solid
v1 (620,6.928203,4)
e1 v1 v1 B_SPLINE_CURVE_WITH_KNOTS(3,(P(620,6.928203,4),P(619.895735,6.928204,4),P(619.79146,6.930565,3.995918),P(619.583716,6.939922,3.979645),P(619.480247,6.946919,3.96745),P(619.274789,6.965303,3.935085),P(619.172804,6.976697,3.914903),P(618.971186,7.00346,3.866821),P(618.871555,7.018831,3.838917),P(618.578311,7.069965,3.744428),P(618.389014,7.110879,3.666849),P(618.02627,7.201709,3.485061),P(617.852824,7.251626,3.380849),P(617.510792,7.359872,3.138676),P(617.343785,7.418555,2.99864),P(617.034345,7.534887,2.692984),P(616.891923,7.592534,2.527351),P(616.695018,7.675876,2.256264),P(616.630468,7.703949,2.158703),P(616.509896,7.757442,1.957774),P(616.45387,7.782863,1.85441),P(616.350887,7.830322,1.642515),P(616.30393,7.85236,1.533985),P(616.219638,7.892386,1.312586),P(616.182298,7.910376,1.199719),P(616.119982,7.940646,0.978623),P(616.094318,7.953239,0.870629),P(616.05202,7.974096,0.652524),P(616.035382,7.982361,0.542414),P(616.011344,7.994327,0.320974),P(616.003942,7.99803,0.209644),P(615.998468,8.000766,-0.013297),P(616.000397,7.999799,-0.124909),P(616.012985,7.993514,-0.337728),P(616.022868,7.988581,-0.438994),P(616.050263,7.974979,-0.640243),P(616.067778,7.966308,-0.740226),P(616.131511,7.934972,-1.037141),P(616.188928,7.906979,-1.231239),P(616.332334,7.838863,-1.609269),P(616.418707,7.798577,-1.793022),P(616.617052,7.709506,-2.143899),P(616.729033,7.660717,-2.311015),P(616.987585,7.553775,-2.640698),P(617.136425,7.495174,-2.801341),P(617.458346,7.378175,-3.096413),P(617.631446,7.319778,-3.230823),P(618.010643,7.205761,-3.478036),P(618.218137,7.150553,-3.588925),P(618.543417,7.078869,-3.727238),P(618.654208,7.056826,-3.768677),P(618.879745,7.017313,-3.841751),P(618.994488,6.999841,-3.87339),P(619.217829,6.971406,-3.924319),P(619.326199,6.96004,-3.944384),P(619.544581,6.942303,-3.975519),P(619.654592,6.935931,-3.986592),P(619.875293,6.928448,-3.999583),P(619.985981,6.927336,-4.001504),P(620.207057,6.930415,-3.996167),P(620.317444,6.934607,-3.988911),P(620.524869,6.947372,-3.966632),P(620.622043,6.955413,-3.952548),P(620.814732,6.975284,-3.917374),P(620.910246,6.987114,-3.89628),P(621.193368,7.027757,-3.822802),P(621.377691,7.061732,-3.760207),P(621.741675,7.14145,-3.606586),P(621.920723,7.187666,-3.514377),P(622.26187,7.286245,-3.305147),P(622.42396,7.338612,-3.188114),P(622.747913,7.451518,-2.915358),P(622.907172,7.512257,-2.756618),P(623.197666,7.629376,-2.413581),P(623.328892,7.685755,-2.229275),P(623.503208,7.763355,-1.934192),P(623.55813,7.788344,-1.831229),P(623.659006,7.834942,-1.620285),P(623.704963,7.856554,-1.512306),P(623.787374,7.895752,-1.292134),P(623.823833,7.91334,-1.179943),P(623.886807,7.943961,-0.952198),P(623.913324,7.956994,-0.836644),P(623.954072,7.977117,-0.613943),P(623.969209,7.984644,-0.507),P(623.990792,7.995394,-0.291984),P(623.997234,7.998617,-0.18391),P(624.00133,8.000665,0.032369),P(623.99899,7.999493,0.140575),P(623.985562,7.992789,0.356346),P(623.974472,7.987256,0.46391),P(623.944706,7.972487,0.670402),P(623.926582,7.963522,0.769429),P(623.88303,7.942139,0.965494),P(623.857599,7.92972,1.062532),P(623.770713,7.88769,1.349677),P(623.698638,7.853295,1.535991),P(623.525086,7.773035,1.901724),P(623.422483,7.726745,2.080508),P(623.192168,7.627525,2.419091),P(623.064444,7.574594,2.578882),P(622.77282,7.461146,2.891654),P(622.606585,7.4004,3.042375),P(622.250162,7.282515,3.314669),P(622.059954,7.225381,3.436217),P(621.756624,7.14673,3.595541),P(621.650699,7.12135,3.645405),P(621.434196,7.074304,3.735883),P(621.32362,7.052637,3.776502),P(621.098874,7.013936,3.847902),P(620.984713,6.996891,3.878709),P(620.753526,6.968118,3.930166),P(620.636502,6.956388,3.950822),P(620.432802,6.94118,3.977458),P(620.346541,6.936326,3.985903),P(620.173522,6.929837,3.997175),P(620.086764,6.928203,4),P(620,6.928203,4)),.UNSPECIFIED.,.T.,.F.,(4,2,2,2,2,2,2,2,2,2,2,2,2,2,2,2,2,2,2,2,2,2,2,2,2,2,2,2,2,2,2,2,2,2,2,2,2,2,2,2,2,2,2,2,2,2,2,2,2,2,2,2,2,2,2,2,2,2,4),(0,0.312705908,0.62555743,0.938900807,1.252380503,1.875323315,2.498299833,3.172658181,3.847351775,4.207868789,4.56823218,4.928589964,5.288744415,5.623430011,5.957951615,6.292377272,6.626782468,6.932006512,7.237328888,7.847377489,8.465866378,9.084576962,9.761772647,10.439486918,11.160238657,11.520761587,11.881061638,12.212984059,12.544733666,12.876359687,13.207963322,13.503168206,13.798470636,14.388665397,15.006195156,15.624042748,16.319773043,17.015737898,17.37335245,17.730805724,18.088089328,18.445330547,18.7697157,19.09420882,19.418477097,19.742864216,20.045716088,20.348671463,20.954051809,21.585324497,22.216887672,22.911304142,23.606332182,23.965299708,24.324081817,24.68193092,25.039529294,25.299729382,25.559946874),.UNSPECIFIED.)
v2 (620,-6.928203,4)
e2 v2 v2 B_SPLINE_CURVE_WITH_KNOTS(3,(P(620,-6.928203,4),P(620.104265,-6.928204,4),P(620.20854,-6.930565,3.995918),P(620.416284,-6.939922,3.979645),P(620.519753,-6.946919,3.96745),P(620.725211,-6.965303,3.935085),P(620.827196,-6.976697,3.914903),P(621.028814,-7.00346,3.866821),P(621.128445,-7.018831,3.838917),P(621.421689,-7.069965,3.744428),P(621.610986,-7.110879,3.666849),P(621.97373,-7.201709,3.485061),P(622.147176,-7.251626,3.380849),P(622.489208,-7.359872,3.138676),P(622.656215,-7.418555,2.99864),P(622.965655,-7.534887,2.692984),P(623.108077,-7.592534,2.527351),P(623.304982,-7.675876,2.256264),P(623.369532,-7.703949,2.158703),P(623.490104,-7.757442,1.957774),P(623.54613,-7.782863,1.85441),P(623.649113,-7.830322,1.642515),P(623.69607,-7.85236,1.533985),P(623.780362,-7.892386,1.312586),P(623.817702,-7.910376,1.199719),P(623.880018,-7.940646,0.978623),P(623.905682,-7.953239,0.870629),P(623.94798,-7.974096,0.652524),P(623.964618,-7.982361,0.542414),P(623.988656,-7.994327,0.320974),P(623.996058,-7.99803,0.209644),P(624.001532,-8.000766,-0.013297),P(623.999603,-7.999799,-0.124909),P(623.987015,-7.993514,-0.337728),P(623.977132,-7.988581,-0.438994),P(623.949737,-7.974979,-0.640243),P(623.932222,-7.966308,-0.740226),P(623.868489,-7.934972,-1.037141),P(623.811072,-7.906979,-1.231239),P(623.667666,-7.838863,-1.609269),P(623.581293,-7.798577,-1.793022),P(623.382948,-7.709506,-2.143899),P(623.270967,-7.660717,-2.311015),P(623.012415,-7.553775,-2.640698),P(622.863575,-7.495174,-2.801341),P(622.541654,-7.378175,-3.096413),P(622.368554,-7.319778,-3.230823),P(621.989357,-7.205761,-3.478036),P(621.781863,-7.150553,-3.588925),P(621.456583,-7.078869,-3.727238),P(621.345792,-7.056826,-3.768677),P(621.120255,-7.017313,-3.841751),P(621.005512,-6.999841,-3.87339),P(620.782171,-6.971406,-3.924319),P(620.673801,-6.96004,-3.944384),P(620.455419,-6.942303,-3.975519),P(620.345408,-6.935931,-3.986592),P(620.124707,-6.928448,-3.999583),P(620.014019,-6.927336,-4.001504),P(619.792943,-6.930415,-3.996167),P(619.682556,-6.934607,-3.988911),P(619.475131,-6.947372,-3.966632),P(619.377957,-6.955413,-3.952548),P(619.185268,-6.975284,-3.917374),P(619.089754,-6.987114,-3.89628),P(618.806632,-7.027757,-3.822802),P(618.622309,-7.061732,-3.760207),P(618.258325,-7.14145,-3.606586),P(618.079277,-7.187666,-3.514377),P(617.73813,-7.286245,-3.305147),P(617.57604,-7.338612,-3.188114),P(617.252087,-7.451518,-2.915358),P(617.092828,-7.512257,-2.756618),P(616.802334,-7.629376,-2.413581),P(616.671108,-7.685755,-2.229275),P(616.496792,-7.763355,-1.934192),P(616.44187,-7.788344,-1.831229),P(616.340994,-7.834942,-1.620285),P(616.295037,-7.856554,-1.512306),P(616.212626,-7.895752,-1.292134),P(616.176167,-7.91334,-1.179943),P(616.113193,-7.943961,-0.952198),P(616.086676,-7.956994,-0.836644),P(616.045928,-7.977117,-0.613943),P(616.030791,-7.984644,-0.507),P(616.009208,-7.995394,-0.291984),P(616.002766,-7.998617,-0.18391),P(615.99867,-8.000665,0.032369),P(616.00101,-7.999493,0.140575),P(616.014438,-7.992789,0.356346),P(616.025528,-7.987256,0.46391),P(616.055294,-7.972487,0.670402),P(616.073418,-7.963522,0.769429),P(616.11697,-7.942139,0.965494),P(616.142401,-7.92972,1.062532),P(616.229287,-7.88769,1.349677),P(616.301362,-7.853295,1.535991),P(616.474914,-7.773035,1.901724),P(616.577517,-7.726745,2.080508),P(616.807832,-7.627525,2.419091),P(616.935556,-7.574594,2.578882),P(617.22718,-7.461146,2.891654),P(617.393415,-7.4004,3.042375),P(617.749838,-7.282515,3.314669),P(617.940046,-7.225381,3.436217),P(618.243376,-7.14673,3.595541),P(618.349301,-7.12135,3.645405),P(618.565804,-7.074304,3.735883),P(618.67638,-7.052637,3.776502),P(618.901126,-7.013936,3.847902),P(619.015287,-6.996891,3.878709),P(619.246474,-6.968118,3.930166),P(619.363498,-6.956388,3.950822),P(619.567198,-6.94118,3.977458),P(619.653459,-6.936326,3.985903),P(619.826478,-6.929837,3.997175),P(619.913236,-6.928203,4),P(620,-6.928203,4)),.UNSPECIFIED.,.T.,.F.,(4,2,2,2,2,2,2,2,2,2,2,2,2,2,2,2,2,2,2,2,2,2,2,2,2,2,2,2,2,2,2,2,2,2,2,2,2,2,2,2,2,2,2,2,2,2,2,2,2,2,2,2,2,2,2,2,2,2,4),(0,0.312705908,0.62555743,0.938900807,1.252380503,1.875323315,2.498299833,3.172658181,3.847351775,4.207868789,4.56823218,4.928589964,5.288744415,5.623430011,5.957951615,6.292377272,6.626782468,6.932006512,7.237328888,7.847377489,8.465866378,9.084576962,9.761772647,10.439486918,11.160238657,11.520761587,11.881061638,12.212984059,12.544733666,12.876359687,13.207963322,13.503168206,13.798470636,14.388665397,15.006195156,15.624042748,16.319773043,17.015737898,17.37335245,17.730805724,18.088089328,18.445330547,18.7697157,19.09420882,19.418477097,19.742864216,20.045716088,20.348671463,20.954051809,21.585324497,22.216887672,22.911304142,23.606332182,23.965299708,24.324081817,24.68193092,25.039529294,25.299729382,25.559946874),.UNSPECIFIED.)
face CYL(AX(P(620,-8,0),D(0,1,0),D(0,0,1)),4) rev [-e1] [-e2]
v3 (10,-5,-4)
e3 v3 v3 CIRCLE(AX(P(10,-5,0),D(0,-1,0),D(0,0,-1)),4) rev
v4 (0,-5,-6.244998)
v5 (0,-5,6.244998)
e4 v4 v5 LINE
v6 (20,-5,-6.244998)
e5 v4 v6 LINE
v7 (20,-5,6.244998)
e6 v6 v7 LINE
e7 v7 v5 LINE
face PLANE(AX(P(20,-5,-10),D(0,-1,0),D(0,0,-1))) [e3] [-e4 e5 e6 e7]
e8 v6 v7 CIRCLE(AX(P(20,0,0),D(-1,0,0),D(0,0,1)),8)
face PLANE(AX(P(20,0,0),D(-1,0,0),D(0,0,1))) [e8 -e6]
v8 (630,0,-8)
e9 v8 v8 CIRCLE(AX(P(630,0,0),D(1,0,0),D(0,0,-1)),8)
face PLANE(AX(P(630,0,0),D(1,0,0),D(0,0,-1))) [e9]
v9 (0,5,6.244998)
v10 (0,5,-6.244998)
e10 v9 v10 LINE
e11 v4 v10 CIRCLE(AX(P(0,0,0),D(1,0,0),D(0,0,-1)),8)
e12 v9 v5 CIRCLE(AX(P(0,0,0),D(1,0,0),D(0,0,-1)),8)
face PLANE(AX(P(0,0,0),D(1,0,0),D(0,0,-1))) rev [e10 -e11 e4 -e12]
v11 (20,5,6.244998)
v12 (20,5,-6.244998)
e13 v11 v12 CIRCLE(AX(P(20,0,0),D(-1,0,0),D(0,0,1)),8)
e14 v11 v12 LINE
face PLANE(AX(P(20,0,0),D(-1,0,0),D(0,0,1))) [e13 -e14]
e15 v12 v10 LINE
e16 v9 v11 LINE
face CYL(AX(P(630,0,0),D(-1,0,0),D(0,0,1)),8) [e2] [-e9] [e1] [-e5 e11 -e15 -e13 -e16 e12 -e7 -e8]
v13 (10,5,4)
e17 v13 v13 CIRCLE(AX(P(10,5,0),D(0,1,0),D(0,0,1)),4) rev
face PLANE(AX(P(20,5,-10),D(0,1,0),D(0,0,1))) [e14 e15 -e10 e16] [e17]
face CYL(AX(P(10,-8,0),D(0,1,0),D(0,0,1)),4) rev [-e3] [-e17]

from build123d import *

# Parameters (mm, degrees)
SKETCH_1_R               = 8
EXTRUDE_1_DEPTH          = 630
SKETCH_2_R               = 4
CUT_EXTRUDE_1_DEPTH      = 9
CUT_EXTRUDE_1_DEPTH_BACK = 9
SKETCH_3_OUTSIDE_W       = 144.082
SKETCH_3_OUTSIDE_H       = 144.082
SKETCH_3_OUTSIDE_W_2     = 20
SKETCH_3_OUTSIDE_H_2     = 10
CUT_EXTRUDE_2_DEPTH      = 20


with BuildPart() as part:
    # 草图1 → 凸台-拉伸1 (new body)
    with BuildSketch(Plane(origin=(0, 0, 0), x_dir=(0, 0, -1), z_dir=(1, 0, 0))):
        Circle(SKETCH_1_R)
    extrude(amount=EXTRUDE_1_DEPTH)

    # 草图2 → 切除-拉伸1 (cut, two sides)
    with BuildSketch(Plane(origin=(0, 0, 0), x_dir=(1, 0, 0), z_dir=(0, 1, 0))) as cut_extrude_1_sk:
        with Locations((10, 0)):
            Circle(SKETCH_2_R)
        with Locations((620, 0)):
            Circle(SKETCH_2_R)
    extrude(amount=CUT_EXTRUDE_1_DEPTH, mode=Mode.SUBTRACT)
    extrude(cut_extrude_1_sk.sketch, amount=-CUT_EXTRUDE_1_DEPTH_BACK, mode=Mode.SUBTRACT)

    # 草图3 outside → 切除-拉伸2 (cut)
    with BuildSketch(Plane.ZY):
        Rectangle(SKETCH_3_OUTSIDE_W, SKETCH_3_OUTSIDE_H)
        Rectangle(SKETCH_3_OUTSIDE_W_2, SKETCH_3_OUTSIDE_H_2, mode=Mode.SUBTRACT)
    extrude(amount=-CUT_EXTRUDE_2_DEPTH, mode=Mode.SUBTRACT)


solid = part.part
